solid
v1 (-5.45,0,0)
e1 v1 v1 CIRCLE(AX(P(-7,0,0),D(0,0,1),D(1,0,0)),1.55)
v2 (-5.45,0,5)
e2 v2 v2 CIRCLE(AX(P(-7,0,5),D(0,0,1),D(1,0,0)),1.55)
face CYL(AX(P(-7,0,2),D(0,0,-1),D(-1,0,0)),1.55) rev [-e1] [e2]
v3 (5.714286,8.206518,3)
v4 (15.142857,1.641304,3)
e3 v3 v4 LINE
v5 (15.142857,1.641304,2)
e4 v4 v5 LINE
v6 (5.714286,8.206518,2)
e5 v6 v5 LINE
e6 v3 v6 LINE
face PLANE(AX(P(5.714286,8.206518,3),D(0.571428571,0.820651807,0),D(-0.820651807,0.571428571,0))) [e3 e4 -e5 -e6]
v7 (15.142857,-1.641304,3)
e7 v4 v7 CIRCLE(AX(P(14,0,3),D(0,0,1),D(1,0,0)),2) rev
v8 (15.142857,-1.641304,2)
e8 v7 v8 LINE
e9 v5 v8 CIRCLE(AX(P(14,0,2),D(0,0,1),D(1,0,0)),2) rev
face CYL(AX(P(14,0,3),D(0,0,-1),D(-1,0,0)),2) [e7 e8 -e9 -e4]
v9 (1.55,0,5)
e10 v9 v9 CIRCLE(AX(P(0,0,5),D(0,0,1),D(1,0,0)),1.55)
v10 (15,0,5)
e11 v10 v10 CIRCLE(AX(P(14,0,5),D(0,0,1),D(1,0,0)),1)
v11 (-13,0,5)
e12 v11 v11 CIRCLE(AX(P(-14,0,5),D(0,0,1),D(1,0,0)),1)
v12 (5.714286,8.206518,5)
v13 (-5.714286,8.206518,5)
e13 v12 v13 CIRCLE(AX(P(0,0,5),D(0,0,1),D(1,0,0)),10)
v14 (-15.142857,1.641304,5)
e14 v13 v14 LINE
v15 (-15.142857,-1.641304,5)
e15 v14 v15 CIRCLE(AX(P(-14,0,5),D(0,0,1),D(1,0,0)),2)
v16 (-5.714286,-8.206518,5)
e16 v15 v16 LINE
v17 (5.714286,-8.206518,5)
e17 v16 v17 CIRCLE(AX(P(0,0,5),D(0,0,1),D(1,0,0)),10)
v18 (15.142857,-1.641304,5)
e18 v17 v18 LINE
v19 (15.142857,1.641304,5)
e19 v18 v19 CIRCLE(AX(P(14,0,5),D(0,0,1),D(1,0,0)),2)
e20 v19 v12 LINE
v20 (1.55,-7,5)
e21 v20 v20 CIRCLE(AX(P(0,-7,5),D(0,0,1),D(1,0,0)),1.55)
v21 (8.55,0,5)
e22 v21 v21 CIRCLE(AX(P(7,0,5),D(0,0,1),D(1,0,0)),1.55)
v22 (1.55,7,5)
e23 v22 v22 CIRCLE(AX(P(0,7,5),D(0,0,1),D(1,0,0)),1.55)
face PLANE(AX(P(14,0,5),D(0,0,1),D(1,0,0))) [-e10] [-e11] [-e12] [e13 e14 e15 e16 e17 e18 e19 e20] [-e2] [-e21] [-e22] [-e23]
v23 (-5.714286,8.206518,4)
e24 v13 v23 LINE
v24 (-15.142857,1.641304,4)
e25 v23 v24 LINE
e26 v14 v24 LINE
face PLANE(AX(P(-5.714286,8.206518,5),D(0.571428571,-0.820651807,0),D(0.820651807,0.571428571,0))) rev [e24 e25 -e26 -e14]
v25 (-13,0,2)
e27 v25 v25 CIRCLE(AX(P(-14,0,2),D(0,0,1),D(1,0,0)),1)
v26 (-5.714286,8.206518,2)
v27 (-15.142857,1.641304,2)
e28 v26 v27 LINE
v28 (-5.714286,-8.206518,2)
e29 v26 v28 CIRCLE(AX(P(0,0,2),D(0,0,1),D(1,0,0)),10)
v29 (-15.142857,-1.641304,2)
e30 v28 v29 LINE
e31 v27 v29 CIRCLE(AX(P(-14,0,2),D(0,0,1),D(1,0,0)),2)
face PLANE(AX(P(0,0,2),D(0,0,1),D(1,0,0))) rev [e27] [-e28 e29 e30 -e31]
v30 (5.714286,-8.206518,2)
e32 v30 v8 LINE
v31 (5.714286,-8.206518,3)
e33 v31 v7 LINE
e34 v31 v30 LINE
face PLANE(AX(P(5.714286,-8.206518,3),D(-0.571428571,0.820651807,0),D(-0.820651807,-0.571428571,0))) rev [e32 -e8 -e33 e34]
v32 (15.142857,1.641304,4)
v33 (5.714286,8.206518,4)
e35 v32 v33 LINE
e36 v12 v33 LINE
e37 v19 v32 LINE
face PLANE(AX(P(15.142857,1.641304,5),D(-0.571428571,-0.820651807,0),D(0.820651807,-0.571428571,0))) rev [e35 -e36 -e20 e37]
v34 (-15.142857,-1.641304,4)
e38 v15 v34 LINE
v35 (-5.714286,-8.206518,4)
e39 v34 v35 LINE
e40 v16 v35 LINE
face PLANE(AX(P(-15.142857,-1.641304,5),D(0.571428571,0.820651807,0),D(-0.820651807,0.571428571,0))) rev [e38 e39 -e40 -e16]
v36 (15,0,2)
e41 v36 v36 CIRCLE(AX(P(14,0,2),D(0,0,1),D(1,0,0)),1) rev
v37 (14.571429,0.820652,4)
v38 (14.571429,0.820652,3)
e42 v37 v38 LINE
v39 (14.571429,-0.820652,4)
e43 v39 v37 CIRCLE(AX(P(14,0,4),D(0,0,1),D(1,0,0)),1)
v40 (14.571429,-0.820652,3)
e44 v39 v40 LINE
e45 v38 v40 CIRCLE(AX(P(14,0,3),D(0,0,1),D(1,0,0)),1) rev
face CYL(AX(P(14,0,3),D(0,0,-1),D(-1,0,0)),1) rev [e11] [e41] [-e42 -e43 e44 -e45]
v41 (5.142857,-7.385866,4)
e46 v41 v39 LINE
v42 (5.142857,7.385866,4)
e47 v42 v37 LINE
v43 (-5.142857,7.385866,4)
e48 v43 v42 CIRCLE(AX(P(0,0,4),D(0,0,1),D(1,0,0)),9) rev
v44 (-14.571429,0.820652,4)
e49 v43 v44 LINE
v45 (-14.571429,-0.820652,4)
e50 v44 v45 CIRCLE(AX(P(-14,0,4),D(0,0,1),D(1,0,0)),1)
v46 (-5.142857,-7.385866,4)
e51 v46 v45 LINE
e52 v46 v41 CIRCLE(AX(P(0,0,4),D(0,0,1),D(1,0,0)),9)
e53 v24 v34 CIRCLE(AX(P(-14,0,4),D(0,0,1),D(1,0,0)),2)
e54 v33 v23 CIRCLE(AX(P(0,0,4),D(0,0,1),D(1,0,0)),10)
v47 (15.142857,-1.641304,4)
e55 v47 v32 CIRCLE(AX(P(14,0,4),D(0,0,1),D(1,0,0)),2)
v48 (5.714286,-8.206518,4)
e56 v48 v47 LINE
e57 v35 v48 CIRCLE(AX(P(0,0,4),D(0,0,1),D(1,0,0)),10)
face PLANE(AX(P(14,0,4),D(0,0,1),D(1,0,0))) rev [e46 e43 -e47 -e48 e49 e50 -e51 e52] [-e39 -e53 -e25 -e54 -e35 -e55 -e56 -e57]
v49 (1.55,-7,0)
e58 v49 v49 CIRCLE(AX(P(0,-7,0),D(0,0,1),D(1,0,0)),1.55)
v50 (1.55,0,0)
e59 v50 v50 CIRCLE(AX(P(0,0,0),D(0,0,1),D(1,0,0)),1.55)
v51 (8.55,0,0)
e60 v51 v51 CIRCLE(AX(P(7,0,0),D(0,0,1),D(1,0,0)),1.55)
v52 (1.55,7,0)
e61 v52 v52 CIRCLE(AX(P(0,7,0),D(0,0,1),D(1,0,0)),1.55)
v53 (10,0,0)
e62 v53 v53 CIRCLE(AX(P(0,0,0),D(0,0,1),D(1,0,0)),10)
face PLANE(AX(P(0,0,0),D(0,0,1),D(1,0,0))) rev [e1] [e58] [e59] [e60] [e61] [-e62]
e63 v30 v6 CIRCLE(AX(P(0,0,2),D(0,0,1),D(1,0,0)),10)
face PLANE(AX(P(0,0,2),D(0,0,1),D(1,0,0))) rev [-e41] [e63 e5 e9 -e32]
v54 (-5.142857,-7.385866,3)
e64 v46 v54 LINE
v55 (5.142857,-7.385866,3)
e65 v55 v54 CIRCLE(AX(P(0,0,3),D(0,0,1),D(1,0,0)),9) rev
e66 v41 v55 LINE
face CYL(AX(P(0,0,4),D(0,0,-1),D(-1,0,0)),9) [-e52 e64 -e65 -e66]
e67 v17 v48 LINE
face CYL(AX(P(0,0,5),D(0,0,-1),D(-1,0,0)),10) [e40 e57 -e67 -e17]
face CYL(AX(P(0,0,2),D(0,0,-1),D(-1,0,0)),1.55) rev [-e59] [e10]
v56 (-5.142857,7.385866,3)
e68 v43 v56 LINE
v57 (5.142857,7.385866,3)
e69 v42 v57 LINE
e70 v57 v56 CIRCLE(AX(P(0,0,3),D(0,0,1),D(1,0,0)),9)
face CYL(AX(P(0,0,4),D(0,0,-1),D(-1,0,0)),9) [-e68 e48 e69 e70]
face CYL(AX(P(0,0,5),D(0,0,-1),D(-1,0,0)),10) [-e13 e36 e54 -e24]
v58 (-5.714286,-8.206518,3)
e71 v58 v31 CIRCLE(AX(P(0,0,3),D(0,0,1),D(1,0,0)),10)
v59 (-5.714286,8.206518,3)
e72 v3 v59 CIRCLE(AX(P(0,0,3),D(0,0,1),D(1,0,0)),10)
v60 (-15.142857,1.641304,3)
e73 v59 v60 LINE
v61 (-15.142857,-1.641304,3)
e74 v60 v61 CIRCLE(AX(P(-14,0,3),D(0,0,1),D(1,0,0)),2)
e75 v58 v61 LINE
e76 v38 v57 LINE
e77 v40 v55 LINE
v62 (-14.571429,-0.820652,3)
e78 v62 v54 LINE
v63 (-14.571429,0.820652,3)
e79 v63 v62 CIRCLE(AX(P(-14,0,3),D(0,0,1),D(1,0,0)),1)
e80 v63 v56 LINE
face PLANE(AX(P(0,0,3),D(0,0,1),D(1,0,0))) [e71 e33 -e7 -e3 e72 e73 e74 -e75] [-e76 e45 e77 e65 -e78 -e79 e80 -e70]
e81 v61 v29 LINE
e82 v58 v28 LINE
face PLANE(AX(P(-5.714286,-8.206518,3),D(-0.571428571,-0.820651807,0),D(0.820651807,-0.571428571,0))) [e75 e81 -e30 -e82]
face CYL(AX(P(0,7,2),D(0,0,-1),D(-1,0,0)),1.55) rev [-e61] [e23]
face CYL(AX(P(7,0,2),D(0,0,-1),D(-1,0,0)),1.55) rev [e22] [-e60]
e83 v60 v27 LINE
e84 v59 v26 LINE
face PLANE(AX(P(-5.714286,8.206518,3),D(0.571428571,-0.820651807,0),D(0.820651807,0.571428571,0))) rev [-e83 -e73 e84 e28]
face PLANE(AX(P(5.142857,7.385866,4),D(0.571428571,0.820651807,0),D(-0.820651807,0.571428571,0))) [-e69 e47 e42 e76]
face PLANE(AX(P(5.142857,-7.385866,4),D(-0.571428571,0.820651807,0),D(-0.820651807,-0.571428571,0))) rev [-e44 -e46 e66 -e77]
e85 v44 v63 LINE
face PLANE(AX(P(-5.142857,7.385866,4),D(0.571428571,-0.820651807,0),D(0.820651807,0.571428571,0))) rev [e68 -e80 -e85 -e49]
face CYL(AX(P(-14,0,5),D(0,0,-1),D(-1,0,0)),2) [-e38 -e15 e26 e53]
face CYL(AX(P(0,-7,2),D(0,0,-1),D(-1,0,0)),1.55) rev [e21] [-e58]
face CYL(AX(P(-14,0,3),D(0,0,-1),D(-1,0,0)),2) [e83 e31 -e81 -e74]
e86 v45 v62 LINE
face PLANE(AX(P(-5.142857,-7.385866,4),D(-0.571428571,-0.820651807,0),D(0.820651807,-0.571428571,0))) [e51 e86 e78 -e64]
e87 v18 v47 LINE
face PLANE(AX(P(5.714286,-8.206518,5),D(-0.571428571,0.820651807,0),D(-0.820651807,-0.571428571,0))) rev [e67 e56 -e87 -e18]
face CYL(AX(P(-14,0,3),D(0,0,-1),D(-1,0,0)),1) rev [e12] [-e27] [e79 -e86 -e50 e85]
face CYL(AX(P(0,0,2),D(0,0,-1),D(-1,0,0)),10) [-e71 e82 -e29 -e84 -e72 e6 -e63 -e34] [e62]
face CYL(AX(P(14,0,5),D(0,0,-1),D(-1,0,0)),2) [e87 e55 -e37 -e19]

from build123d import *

# Parameters (mm, degrees)
SKETCH_1_R      = 10
SKETCH_1_R_2    = 1.55
EXTRUDE_1_DEPTH = 2
SKETCH_2_R      = 1
SKETCH_2_R_2    = 1.55
EXTRUDE_2_DEPTH = 1
SKETCH_2_3_R    = 1.55
EXTRUDE_3_DEPTH = 2
SKETCH_3_R      = 1.55
SKETCH_3_R_2    = 1
EXTRUDE_5_DEPTH = 1


with BuildPart() as part:
    # 草图1 → 凸台-拉伸1 (new body)
    with BuildSketch(Plane.XY):
        Circle(SKETCH_1_R)
        Circle(SKETCH_1_R_2, mode=Mode.SUBTRACT)
        with Locations((-7, 0)):
            Circle(SKETCH_1_R_2, mode=Mode.SUBTRACT)
        with Locations((0, 7)):
            Circle(SKETCH_1_R_2, mode=Mode.SUBTRACT)
        with Locations((7, 0)):
            Circle(SKETCH_1_R_2, mode=Mode.SUBTRACT)
        with Locations((0, -7)):
            Circle(SKETCH_1_R_2, mode=Mode.SUBTRACT)
    extrude(amount=EXTRUDE_1_DEPTH)

    # 草图2 → 凸台-拉伸2 (add)
    with BuildSketch(Plane.XY.offset(2)):
        with BuildLine():
            Line((-15.142857143, -1.641303613), (-5.714285714, -8.206518066))
            ThreePointArc((-5.714285714, -8.206518066), (0, -10), (5.714285714, -8.206518066))
            Line((5.714285714, -8.206518066), (15.142857143, -1.641303613))
            ThreePointArc((15.142857143, -1.641303613), (16, 0), (15.142857143, 1.641303613))
            Line((15.142857143, 1.641303613), (5.714285714, 8.206518066))
            ThreePointArc((5.714285714, 8.206518066), (0, 10), (-5.714285714, 8.206518066))
            Line((-5.714285714, 8.206518066), (-15.142857143, 1.641303613))
            ThreePointArc((-15.142857143, 1.641303613), (-16, 0), (-15.142857143, -1.641303613))
        make_face()
        with Locations((-14, 0)):
            Circle(SKETCH_2_R, mode=Mode.SUBTRACT)
        with Locations((14, 0)):
            Circle(SKETCH_2_R, mode=Mode.SUBTRACT)
        Circle(SKETCH_2_R_2, mode=Mode.SUBTRACT)
        with Locations((7, 0)):
            Circle(SKETCH_2_R_2, mode=Mode.SUBTRACT)
        with Locations((0, 7)):
            Circle(SKETCH_2_R_2, mode=Mode.SUBTRACT)
        with Locations((0, -7)):
            Circle(SKETCH_2_R_2, mode=Mode.SUBTRACT)
        with Locations((-7, 0)):
            Circle(SKETCH_2_R_2, mode=Mode.SUBTRACT)
    extrude(amount=EXTRUDE_2_DEPTH)

    # 草图2<3> → 凸台-拉伸3 (add)
    with BuildSketch(Plane.XY.offset(2)):
        with BuildLine():
            Line((-14.571428571, -0.820651807), (-5.142857143, -7.38586626))
            ThreePointArc((-5.142857143, -7.38586626), (0, -9), (5.142857143, -7.38586626))
            Line((5.142857143, -7.38586626), (14.571428571, -0.820651807))
            ThreePointArc((14.571428571, -0.820651807), (13, 0), (14.571428571, 0.820651807))
            Line((14.571428571, 0.820651807), (5.142857143, 7.38586626))
            ThreePointArc((5.142857143, 7.38586626), (0, 9), (-5.142857143, 7.38586626))
            Line((-5.142857143, 7.38586626), (-14.571428571, 0.820651807))
            ThreePointArc((-14.571428571, 0.820651807), (-13, 0), (-14.571428571, -0.820651807))
        make_face()
        with Locations((0, 7)):
            Circle(SKETCH_2_3_R, mode=Mode.SUBTRACT)
        with Locations((0, -7)):
            Circle(SKETCH_2_3_R, mode=Mode.SUBTRACT)
        with Locations((-7, 0)):
            Circle(SKETCH_2_3_R, mode=Mode.SUBTRACT)
        Circle(SKETCH_2_3_R, mode=Mode.SUBTRACT)
        with Locations((7, 0)):
            Circle(SKETCH_2_3_R, mode=Mode.SUBTRACT)
    extrude(amount=EXTRUDE_3_DEPTH)

    # 草图3 → 凸台-拉伸5 (add)
    with BuildSketch(Plane.XY.offset(4)):
        with BuildLine():
            Line((15.142857143, 1.641303613), (5.714285714, 8.206518066))
            ThreePointArc((5.714285714, 8.206518066), (0, 10), (-5.714285714, 8.206518066))
            Line((-5.714285714, 8.206518066), (-15.142857143, 1.641303613))
            ThreePointArc((-15.142857143, 1.641303613), (-16, 0), (-15.142857143, -1.641303613))
            Line((-15.142857143, -1.641303613), (-5.714285714, -8.206518066))
            ThreePointArc((-5.714285714, -8.206518066), (0, -10), (5.714285714, -8.206518066))
            Line((5.714285714, -8.206518066), (15.142857143, -1.641303613))
            ThreePointArc((15.142857143, -1.641303613), (16, 0), (15.142857143, 1.641303613))
        make_face()
        with Locations((0, 7)):
            Circle(SKETCH_3_R, mode=Mode.SUBTRACT)
        with Locations((7, 0)):
            Circle(SKETCH_3_R, mode=Mode.SUBTRACT)
        with Locations((0, -7)):
            Circle(SKETCH_3_R, mode=Mode.SUBTRACT)
        Circle(SKETCH_3_R, mode=Mode.SUBTRACT)
        with Locations((-7, 0)):
            Circle(SKETCH_3_R, mode=Mode.SUBTRACT)
        with Locations((-14, 0)):
            Circle(SKETCH_3_R_2, mode=Mode.SUBTRACT)
        with Locations((14, 0)):
            Circle(SKETCH_3_R_2, mode=Mode.SUBTRACT)
    extrude(amount=EXTRUDE_5_DEPTH)


solid = part.part
